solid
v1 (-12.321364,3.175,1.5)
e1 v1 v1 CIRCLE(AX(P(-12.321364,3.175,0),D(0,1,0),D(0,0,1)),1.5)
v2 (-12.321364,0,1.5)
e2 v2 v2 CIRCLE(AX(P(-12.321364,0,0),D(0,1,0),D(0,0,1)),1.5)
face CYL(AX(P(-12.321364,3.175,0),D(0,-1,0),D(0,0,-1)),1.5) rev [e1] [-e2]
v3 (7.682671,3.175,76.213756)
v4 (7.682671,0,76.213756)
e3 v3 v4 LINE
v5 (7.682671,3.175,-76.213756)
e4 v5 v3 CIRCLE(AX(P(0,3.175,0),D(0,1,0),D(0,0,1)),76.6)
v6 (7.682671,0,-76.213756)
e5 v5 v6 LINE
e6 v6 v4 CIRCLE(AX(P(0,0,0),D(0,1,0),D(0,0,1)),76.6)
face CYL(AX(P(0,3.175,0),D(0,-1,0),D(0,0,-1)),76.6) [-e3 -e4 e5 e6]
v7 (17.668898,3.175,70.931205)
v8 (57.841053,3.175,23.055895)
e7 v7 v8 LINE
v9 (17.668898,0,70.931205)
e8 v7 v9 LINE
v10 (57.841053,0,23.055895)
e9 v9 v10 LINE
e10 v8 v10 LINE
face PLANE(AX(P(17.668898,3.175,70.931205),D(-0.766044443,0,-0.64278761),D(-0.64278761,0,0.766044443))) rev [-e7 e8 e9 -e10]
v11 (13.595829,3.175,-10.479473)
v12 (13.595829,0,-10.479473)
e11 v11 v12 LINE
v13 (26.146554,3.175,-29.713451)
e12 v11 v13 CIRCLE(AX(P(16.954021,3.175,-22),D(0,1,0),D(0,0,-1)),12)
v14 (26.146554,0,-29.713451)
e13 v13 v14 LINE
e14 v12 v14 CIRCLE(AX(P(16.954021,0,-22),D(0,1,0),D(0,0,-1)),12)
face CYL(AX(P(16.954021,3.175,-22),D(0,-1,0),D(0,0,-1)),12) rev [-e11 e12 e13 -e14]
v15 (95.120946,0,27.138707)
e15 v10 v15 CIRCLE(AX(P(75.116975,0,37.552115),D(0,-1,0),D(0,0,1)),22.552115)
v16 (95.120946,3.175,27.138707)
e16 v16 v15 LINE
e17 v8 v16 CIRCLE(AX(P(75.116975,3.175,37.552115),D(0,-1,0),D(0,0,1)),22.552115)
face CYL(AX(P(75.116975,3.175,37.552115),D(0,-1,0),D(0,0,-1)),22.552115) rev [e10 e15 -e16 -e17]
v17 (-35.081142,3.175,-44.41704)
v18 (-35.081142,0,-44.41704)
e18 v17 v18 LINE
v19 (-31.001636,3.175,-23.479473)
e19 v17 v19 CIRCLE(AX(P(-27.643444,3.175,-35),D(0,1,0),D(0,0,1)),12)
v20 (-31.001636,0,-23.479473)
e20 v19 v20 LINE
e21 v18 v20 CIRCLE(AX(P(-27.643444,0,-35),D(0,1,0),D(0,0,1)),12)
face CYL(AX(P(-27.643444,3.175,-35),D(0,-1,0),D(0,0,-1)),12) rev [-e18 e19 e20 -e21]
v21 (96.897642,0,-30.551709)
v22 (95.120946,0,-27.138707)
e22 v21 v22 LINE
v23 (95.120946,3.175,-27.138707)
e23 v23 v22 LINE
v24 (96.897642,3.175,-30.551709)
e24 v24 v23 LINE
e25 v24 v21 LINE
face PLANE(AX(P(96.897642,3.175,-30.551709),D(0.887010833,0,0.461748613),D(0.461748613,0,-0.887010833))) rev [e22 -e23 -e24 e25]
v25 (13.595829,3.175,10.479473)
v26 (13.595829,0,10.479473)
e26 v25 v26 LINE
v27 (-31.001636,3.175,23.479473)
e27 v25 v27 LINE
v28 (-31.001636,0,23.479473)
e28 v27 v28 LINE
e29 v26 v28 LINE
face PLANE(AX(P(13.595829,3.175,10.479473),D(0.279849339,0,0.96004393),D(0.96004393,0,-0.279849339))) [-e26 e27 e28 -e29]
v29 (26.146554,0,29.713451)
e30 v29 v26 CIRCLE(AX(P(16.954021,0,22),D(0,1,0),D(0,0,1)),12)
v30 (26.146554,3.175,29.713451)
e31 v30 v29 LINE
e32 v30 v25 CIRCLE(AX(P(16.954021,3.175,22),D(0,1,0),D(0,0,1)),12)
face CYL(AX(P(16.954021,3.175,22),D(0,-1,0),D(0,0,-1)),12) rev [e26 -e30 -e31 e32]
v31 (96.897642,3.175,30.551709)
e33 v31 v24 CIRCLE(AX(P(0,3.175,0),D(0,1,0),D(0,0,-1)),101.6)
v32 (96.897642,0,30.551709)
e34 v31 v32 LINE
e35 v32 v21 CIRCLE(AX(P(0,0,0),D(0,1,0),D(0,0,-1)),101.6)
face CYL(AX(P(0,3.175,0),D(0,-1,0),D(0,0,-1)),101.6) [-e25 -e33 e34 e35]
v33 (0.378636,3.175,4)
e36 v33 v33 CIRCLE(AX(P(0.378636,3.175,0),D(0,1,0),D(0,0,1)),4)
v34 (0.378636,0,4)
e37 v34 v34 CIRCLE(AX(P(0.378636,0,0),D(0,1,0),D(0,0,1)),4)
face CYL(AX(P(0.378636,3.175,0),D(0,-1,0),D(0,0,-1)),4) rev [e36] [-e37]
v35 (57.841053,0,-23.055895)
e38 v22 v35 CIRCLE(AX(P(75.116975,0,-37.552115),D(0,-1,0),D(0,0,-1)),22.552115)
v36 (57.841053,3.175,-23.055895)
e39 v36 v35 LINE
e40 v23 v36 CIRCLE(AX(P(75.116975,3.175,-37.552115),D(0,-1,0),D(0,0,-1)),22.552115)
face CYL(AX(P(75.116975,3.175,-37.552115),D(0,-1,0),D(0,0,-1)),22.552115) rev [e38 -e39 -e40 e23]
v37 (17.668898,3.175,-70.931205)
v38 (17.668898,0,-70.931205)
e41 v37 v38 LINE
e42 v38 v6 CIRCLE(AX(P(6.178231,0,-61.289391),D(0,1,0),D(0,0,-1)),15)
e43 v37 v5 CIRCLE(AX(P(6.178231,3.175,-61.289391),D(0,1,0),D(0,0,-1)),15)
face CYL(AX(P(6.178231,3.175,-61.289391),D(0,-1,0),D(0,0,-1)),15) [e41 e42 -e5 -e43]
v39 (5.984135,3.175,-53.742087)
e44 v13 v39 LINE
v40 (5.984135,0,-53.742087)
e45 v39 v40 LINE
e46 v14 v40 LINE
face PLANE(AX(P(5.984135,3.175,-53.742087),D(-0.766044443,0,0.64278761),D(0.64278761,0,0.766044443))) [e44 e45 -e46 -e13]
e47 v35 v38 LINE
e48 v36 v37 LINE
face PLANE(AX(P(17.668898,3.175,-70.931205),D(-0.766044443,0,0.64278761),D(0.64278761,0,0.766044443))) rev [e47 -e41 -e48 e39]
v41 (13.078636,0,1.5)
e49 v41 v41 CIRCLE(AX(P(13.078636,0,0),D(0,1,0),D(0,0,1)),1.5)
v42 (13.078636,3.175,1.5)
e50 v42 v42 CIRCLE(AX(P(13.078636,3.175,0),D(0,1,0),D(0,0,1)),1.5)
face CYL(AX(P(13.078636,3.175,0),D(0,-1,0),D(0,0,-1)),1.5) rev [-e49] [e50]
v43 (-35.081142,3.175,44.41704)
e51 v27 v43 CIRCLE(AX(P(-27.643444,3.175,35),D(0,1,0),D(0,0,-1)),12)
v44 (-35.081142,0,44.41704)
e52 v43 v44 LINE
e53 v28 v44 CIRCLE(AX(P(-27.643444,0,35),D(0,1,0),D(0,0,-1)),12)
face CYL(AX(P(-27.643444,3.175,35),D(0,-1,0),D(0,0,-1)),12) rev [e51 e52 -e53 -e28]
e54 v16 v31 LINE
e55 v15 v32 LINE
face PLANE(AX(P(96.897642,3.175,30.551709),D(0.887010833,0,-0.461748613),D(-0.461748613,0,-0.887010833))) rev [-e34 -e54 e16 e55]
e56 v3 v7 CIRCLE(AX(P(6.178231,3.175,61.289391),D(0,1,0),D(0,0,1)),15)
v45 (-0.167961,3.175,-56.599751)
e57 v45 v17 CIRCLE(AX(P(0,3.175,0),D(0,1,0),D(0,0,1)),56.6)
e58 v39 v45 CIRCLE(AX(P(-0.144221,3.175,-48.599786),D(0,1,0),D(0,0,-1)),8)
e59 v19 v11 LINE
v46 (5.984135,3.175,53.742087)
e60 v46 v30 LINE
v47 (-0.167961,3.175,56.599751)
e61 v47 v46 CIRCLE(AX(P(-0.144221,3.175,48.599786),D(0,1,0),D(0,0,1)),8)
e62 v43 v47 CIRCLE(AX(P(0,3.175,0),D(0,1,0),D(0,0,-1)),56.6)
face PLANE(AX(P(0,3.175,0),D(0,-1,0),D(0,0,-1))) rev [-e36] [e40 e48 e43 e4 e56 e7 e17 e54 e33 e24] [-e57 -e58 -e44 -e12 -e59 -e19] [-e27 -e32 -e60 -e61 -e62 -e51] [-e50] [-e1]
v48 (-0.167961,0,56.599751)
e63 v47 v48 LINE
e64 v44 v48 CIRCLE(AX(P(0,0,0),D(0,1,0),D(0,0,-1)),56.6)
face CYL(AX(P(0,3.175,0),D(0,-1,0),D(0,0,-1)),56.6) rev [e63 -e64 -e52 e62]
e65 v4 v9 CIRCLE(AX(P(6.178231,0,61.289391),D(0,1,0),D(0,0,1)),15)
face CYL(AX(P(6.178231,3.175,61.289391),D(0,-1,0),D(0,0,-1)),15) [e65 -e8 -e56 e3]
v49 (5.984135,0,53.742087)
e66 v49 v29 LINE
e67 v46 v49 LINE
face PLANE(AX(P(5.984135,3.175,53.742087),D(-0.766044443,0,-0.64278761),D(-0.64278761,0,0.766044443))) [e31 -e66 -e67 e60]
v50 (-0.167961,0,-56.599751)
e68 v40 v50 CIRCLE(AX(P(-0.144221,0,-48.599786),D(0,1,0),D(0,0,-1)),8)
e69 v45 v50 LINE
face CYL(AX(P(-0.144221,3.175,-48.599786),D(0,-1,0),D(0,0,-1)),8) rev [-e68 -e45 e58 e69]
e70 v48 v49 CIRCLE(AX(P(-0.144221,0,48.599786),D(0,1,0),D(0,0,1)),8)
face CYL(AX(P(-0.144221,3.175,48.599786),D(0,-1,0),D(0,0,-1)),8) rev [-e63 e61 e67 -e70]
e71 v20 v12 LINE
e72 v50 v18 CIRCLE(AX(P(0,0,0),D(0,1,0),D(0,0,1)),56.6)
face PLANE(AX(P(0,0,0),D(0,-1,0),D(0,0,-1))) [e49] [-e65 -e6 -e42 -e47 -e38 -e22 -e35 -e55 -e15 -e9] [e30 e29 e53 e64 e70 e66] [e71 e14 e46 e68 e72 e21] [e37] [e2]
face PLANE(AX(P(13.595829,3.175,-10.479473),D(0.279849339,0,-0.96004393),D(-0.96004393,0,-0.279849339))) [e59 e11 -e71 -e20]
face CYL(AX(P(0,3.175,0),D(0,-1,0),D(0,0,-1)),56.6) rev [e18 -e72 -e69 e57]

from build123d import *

# Parameters (mm, degrees)
BOSS_EXTRUDE1_DEPTH = 3.175
SKETCH2_R           = 4
CUT_EXTRUDE3_DEPTH  = 4.175
SKETCH3_R           = 1.5
CUT_EXTRUDE4_DEPTH  = 4.175


with BuildPart() as part:
    # Sketch1 → Boss-Extrude1 (new body)
    with BuildSketch(Plane(origin=(0, 0, 0), x_dir=(1, 0, 0), z_dir=(0, 1, 0))):
        with BuildLine():
            Line((96.897642196, 30.55170923), (95.120945792, 27.138707192))
            ThreePointArc((95.120945792, 27.138707192), (77.57215373, 15.134042144), (57.841053042, 23.055894918))
            Line((57.841053042, 23.055894918), (17.668897816, 70.931205231))
            ThreePointArc((17.668897816, 70.931205231), (13.19211244, 74.548556577), (7.682670578, 76.213755798))
            ThreePointArc((7.682670578, 76.213755798), (-76.6, 0), (7.682670578, -76.213755798))
            ThreePointArc((7.682670578, -76.213755798), (13.19211244, -74.548556577), (17.668897816, -70.931205231))
            Line((17.668897816, -70.931205231), (57.841053042, -23.055894918))
            ThreePointArc((57.841053042, -23.055894918), (77.57215373, -15.134042144), (95.120945792, -27.138707192))
            Line((95.120945792, -27.138707192), (96.897642196, -30.55170923))
            ThreePointArc((96.897642196, -30.55170923), (101.6, 0), (96.897642196, 30.55170923))
        make_face()
        with BuildLine():
            Line((5.98413489, 53.742086889), (26.146554137, 29.713451316))
            ThreePointArc((26.146554137, 29.713451316), (27.003715662, 15.442284424), (13.595828747, 10.479472842))
            Line((13.595828747, 10.479472842), (-31.001636142, 23.479472842))
            ThreePointArc((-31.001636142, 23.479472842), (-39.421951774, 32.705058554), (-35.081142025, 44.417040359))
            ThreePointArc((-35.081142025, 44.417040359), (-18.647504357, 53.439971756), (-0.16796068, 56.599750788))
            ThreePointArc((-0.16796068, 56.599750788), (3.225963821, 55.855256817), (5.98413489, 53.742086889))
        make_face(mode=Mode.SUBTRACT)
        with BuildLine():
            Line((5.98413489, -53.742086889), (26.146554137, -29.713451316))
            ThreePointArc((26.146554137, -29.713451316), (27.003715662, -15.442284424), (13.595828747, -10.479472842))
            Line((13.595828747, -10.479472842), (-31.001636142, -23.479472842))
            ThreePointArc((-31.001636142, -23.479472842), (-39.421951774, -32.705058554), (-35.081142025, -44.417040359))
            ThreePointArc((-35.081142025, -44.417040359), (-18.647504357, -53.439971756), (-0.16796068, -56.599750788))
            ThreePointArc((-0.16796068, -56.599750788), (3.225963821, -55.855256817), (5.98413489, -53.742086889))
        make_face(mode=Mode.SUBTRACT)
    extrude(amount=BOSS_EXTRUDE1_DEPTH)

    # Sketch2 → Cut-Extrude3 (cut, through all)
    with BuildSketch(Plane(origin=(0, 0, 0), x_dir=(1, 0, 0), z_dir=(0, 1, 0))):
        with Locations((0.378636362, 0)):
            Circle(SKETCH2_R)
    extrude(amount=CUT_EXTRUDE3_DEPTH, mode=Mode.SUBTRACT)

    # Sketch3 → Cut-Extrude4 (cut, through all)
    with BuildSketch(Plane(origin=(0, 0, 0), x_dir=(1, 0, 0), z_dir=(0, 1, 0))):
        with Locations((-12.321363638, 0)):
            Circle(SKETCH3_R)
        with Locations((13.078636362, 0)):
            Circle(SKETCH3_R)
    extrude(amount=CUT_EXTRUDE4_DEPTH, mode=Mode.SUBTRACT)


solid = part.part
